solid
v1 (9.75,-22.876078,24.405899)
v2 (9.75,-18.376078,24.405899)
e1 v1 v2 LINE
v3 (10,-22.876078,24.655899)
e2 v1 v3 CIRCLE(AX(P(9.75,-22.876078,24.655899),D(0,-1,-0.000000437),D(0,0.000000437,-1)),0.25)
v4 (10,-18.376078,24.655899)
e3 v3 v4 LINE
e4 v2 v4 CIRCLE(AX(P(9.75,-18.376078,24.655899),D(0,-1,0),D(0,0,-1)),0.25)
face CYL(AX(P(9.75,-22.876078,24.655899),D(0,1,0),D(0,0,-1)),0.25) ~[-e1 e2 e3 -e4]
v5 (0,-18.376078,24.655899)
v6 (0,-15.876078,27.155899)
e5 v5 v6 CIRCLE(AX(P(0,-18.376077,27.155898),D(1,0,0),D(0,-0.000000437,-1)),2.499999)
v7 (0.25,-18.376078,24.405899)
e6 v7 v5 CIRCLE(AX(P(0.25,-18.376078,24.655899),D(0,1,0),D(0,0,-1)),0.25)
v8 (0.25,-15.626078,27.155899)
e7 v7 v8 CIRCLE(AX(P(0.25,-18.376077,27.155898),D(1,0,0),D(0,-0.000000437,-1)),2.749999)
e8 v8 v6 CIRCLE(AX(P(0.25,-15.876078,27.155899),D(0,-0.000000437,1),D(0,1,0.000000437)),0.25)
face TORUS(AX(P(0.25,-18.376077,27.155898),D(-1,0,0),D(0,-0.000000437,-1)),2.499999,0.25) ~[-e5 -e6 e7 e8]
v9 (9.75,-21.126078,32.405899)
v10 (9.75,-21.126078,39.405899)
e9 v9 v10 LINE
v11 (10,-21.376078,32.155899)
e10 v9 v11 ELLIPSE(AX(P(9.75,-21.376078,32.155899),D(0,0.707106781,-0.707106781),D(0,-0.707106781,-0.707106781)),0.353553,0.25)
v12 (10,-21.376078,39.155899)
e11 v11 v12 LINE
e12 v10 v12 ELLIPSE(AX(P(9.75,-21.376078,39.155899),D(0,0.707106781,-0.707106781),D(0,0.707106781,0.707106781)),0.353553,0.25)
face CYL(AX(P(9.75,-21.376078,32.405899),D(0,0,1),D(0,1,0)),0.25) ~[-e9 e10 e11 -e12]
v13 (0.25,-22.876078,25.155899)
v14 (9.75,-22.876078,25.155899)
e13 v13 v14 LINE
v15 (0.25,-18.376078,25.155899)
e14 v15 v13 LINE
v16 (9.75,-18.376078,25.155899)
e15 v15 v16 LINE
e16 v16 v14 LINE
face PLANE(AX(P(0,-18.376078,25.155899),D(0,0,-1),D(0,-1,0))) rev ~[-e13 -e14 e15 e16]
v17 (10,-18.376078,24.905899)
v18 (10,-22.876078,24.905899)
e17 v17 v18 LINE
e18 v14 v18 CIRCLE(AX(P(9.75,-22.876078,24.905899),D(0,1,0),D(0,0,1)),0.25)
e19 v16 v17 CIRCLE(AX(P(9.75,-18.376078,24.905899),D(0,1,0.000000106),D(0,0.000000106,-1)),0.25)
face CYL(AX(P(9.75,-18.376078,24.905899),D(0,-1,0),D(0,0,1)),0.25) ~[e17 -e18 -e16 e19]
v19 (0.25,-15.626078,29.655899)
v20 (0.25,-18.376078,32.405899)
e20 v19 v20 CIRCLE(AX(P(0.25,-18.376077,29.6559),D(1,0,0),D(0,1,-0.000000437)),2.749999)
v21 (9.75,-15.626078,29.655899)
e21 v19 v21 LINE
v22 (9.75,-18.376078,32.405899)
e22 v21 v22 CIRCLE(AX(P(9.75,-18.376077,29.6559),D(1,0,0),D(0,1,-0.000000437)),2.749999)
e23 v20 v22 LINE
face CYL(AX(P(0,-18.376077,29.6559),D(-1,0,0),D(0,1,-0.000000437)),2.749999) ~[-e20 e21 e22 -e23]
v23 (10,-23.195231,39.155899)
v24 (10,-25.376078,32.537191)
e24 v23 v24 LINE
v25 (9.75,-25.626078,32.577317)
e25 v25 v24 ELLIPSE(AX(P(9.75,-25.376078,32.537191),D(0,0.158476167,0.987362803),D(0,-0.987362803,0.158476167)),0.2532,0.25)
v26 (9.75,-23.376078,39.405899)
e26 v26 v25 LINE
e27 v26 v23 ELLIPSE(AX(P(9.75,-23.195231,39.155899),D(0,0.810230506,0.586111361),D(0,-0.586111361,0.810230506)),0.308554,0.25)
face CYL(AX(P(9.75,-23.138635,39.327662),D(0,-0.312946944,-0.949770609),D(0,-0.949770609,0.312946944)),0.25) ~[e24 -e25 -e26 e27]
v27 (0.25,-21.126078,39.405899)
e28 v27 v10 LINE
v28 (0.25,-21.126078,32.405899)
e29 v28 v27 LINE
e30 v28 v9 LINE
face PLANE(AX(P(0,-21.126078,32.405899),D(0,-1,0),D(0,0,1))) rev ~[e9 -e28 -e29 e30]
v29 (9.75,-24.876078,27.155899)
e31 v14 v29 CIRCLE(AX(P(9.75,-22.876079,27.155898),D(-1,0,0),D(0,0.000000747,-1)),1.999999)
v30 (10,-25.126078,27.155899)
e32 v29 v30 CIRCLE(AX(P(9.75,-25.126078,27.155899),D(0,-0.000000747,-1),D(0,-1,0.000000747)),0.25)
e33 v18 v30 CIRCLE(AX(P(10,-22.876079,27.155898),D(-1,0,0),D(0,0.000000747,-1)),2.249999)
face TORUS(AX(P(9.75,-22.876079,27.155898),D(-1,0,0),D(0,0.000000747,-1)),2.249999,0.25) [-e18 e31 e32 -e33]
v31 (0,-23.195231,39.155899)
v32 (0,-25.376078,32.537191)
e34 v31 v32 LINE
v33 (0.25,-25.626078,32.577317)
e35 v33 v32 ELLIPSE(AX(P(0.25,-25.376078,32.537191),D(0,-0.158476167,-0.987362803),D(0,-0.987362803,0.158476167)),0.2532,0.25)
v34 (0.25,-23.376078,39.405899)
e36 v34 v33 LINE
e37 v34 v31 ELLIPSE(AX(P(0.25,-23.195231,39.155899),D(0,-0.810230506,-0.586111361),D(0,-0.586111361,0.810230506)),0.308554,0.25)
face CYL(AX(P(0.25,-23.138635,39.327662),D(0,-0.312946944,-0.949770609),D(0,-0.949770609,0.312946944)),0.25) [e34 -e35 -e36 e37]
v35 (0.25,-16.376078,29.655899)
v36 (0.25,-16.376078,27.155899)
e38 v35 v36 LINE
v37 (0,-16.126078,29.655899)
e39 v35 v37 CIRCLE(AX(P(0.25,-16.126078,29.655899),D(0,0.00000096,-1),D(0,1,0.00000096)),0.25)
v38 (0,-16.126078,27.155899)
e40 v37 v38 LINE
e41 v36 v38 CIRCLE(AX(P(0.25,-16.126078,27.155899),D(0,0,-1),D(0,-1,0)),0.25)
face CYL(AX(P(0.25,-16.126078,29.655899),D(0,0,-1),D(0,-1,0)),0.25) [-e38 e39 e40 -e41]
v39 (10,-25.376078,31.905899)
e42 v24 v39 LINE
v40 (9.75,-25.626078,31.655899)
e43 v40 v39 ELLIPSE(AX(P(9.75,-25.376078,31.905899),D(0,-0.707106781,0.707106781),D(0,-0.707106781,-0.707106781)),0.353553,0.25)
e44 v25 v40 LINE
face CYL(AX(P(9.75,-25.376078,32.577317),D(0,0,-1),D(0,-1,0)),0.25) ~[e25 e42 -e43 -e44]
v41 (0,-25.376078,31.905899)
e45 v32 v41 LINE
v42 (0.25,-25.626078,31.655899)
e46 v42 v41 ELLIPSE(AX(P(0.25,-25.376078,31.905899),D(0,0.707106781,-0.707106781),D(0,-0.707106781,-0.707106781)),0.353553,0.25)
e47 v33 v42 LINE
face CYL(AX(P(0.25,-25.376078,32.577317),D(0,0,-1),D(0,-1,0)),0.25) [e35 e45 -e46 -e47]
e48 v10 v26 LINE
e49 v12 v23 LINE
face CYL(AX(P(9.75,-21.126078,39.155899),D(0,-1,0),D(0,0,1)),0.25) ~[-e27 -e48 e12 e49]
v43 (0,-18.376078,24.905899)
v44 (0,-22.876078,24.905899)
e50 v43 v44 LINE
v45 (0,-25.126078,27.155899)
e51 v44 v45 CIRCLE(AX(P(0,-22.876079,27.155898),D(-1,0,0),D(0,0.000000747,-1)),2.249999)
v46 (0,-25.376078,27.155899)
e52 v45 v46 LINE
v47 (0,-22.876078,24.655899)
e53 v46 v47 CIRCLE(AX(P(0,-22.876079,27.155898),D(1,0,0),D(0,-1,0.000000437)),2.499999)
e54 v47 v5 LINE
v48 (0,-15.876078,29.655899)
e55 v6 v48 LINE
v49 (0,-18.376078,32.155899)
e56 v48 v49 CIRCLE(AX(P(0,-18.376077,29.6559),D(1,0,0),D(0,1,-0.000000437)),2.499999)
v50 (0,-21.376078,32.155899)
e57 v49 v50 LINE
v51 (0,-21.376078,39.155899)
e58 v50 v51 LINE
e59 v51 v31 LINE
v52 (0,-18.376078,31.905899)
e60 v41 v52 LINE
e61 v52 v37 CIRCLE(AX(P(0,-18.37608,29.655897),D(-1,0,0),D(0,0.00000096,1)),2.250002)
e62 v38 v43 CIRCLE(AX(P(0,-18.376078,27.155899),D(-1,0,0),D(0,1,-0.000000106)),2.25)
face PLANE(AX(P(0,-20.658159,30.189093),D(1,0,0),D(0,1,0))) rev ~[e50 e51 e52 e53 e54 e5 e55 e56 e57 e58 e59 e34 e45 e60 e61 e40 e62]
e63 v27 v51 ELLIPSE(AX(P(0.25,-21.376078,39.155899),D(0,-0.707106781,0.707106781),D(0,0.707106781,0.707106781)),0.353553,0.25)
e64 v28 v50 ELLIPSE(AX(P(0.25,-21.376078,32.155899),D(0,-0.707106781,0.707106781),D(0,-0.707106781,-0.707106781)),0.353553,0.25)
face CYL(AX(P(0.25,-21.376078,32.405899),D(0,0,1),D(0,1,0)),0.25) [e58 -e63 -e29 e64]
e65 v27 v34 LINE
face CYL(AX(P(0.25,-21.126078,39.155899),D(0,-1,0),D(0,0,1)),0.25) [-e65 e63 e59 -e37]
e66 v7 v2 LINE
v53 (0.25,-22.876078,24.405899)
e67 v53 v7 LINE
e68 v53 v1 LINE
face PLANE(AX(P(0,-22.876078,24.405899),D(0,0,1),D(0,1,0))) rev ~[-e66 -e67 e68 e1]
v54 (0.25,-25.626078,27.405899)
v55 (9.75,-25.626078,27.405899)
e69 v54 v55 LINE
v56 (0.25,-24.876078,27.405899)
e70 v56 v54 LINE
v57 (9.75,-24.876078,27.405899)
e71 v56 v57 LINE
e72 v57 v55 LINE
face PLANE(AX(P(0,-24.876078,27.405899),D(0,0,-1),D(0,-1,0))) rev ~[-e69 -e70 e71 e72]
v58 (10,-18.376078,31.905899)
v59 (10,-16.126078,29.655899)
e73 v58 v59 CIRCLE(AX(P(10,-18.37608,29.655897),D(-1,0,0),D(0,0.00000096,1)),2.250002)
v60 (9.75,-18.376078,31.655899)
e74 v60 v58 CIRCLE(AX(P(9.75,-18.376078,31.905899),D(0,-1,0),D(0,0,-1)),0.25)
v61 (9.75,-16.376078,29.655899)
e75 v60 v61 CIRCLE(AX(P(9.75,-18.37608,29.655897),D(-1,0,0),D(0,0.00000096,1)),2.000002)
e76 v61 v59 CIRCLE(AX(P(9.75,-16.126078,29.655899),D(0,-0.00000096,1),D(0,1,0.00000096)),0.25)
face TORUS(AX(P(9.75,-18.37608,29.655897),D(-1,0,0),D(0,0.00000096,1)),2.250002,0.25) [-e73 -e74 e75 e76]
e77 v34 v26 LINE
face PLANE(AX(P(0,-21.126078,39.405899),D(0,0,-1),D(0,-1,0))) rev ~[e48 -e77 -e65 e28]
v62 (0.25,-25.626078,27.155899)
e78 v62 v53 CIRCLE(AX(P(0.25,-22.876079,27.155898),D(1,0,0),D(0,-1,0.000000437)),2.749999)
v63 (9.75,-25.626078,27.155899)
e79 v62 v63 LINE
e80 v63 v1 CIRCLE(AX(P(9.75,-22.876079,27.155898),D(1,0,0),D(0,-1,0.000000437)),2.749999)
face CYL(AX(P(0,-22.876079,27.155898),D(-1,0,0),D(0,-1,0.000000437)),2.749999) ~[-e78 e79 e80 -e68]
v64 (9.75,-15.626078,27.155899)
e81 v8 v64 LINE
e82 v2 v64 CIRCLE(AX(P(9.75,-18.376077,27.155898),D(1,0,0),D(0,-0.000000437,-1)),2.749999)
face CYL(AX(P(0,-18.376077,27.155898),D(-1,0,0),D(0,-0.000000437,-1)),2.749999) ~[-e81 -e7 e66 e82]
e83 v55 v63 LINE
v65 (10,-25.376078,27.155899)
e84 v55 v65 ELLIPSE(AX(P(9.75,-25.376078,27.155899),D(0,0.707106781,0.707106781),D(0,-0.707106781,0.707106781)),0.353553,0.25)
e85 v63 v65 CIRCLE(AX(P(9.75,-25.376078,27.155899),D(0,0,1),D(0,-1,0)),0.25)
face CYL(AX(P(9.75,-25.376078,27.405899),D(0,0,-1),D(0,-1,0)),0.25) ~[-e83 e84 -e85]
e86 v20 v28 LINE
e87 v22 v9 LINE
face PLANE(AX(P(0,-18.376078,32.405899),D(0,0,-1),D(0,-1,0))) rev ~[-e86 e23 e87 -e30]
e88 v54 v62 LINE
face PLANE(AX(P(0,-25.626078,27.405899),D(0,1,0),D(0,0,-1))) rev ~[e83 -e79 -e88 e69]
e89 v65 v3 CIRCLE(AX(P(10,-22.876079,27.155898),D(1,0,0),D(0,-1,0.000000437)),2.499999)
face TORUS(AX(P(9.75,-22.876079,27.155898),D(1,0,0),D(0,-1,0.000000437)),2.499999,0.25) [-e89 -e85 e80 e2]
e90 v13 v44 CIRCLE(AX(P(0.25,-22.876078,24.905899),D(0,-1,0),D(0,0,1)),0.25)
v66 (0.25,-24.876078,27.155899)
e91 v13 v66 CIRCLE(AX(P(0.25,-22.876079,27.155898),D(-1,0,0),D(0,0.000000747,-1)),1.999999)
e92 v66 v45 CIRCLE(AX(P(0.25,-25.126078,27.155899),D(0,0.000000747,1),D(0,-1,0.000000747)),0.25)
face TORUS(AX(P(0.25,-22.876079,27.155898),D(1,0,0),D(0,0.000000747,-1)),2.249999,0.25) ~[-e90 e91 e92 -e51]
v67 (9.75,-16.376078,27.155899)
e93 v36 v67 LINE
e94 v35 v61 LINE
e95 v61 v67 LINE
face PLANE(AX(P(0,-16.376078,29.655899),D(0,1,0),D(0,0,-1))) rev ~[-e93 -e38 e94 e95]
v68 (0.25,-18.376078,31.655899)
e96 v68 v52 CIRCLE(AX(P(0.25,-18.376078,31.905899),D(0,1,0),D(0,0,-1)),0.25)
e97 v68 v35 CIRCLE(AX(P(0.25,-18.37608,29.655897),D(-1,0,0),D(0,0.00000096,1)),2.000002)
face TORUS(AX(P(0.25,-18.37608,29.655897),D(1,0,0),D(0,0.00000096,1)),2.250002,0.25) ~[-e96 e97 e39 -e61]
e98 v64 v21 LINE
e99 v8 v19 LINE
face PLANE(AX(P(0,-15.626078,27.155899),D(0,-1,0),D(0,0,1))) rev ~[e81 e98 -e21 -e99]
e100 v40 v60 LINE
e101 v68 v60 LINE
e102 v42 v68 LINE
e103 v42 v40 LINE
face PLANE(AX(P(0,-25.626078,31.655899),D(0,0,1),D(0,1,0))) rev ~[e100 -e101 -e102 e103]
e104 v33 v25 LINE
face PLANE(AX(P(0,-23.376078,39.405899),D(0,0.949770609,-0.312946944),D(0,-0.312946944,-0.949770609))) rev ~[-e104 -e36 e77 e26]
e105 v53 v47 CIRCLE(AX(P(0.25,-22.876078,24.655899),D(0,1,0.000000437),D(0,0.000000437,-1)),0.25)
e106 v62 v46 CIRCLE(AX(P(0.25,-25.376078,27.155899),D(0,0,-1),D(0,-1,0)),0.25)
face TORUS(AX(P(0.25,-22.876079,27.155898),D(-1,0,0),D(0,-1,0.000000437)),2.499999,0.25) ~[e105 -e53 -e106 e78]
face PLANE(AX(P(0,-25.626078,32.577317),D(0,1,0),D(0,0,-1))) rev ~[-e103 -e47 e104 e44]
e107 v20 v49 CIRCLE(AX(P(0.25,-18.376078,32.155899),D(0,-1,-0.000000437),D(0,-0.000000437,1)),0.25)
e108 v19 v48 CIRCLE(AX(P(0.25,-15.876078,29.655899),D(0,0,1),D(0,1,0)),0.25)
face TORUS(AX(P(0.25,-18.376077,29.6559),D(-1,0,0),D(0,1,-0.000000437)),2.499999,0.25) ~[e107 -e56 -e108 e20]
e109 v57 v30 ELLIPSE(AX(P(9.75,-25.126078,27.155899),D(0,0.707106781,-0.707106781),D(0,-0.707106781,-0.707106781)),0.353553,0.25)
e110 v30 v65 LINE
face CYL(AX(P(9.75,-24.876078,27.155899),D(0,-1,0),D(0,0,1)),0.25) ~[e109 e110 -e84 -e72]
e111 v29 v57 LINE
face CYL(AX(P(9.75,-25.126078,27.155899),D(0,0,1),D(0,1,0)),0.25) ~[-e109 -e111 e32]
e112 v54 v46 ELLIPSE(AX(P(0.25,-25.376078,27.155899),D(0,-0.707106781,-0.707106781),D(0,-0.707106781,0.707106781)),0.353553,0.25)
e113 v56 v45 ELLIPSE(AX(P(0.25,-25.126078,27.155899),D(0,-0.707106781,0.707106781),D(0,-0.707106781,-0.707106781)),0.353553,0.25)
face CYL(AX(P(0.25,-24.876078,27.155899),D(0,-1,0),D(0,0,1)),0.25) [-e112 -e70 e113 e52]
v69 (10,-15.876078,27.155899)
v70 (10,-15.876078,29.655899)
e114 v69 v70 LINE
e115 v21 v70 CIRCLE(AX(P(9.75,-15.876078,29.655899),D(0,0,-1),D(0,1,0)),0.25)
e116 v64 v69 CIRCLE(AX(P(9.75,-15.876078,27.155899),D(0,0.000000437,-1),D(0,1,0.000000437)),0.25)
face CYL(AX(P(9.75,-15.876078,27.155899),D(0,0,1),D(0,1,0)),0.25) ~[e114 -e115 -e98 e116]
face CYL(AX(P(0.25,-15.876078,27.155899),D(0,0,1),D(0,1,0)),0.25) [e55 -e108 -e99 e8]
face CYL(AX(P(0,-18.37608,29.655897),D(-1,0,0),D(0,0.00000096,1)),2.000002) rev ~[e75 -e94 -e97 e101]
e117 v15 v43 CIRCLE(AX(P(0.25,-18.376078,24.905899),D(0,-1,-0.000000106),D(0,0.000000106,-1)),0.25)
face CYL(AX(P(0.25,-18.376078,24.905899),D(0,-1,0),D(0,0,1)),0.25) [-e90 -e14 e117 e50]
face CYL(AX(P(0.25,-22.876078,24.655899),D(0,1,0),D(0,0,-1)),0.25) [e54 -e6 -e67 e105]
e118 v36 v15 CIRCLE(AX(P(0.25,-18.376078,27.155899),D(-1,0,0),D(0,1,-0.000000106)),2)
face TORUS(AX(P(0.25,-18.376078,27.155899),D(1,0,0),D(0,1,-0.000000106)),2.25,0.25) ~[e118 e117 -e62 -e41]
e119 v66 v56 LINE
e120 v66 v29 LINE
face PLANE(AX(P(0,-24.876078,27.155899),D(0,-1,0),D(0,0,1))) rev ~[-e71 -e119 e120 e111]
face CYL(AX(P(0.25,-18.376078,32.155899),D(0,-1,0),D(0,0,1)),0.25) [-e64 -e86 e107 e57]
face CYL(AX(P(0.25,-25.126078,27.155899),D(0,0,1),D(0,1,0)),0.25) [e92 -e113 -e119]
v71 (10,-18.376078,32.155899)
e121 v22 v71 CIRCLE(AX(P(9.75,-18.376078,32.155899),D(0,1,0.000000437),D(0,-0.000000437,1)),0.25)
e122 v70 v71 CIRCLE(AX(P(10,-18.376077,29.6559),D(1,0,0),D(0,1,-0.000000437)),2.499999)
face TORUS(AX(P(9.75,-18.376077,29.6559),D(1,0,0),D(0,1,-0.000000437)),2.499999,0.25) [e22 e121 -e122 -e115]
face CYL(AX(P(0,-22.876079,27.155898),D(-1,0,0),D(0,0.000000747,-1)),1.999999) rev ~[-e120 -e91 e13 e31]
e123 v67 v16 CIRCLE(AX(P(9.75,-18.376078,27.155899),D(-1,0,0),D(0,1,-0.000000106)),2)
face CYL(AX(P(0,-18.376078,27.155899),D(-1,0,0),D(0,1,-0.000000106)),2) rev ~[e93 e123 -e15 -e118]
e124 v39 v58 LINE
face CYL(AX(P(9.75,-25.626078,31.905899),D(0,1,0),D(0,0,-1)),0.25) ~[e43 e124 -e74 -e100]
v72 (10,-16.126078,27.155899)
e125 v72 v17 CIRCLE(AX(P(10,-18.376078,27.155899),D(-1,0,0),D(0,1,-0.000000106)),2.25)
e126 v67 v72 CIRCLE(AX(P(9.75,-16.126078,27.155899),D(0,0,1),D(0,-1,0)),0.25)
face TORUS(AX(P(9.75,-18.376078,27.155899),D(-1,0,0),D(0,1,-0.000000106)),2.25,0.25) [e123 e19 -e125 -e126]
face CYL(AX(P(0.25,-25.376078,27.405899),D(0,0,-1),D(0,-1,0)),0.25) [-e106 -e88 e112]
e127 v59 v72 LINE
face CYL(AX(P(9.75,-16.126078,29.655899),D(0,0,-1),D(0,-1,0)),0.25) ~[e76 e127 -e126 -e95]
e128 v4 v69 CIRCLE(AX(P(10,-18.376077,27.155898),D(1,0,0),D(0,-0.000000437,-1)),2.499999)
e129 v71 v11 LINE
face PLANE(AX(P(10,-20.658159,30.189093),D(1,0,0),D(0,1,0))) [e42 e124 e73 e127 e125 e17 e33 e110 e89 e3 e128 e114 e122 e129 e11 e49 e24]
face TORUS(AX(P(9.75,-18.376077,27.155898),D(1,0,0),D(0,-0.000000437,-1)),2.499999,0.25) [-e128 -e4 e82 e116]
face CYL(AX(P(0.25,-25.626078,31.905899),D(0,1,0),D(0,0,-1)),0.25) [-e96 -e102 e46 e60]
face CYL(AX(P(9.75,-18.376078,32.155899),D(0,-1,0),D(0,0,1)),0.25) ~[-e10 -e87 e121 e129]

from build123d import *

# Parameters (mm, degrees)
F1_DEPTH = 10
F2_R     = 0.25


with BuildPart() as f1:
    # F0 (on Right) → F1 (new body)
    with BuildSketch(Plane.YZ):
        with BuildLine():
            Line((-16.376078, 29.655899), (-16.376078, 27.155899))
            ThreePointArc((-16.376078, 27.155899), (-16.961865, 25.741685), (-18.376078, 25.155899))
            Line((-18.376078, 25.155899), (-22.876078, 25.155899))
            ThreePointArc((-22.876078, 25.155899), (-24.290292, 25.741685), (-24.876078, 27.155899))
            Line((-24.876078, 27.155899), (-24.876078, 27.405899))
            Line((-24.876078, 27.405899), (-25.626078, 27.405899))
            Line((-25.626078, 27.405899), (-25.626078, 27.155899))
            ThreePointArc((-25.626078, 27.155899), (-24.820622, 25.211355), (-22.876078, 24.405899))
            Line((-22.876078, 24.405899), (-18.376078, 24.405899))
            ThreePointArc((-18.376078, 24.405899), (-16.431534, 25.211355), (-15.626078, 27.155899))
            Line((-15.626078, 27.155899), (-15.626078, 29.655899))
            ThreePointArc((-15.626078, 29.655899), (-16.431534, 31.600443), (-18.376078, 32.405899))
            Line((-18.376078, 32.405899), (-21.126078, 32.405899))
            Line((-21.126078, 32.405899), (-21.126078, 39.405899))
            Line((-21.126078, 39.405899), (-23.376078, 39.405899))
            Line((-23.376078, 39.405899), (-25.626078, 32.577317))
            Line((-25.626078, 32.577317), (-25.626078, 31.655899))
            Line((-25.626078, 31.655899), (-18.376078, 31.655899))
            ThreePointArc((-18.376078, 31.655899), (-16.961865, 31.070112), (-16.376078, 29.655899))
        make_face()
    extrude(amount=F1_DEPTH)

    # F2
    f2_edges = [f1.edges().sort_by_distance(p)[0] for p in [
        (10, -25.251078, 27.405899),
        (10, -25.626078, 27.280899),
        (10, -24.820622, 25.211355),
        (10, -20.626078, 24.405899),
        (10, -16.431534, 25.211355),
        (10, -15.626078, 28.405899),
        (10, -16.431534, 31.600443),
        (10, -19.751078, 32.405899),
        (10, -21.126078, 35.905899),
        (10, -22.251078, 39.405899),
        (10, -24.501078, 35.991608),
        (10, -25.626078, 32.116608),
        (10, -22.001078, 31.655899),
        (10, -16.961865, 31.070112),
        (10, -16.376078, 28.405899),
        (10, -16.961865, 25.741685),
        (10, -20.626078, 25.155899),
        (10, -24.290292, 25.741685),
        (10, -24.876078, 27.280899),
        (0, -25.251078, 27.405899),
        (0, -25.626078, 27.280899),
        (0, -24.820622, 25.211355),
        (0, -20.626078, 24.405899),
        (0, -16.431534, 25.211355),
        (0, -15.626078, 28.405899),
        (0, -16.431534, 31.600443),
        (0, -19.751078, 32.405899),
        (0, -21.126078, 35.905899),
        (0, -22.251078, 39.405899),
        (0, -24.501078, 35.991608),
        (0, -25.626078, 32.116608),
        (0, -22.001078, 31.655899),
        (0, -16.961865, 31.070112),
        (0, -16.376078, 28.405899),
        (0, -16.961865, 25.741685),
        (0, -20.626078, 25.155899),
        (0, -24.290292, 25.741685),
        (0, -24.876078, 27.280899),
    ]]
    fillet(f2_edges, radius=F2_R)


solid = f1.part
